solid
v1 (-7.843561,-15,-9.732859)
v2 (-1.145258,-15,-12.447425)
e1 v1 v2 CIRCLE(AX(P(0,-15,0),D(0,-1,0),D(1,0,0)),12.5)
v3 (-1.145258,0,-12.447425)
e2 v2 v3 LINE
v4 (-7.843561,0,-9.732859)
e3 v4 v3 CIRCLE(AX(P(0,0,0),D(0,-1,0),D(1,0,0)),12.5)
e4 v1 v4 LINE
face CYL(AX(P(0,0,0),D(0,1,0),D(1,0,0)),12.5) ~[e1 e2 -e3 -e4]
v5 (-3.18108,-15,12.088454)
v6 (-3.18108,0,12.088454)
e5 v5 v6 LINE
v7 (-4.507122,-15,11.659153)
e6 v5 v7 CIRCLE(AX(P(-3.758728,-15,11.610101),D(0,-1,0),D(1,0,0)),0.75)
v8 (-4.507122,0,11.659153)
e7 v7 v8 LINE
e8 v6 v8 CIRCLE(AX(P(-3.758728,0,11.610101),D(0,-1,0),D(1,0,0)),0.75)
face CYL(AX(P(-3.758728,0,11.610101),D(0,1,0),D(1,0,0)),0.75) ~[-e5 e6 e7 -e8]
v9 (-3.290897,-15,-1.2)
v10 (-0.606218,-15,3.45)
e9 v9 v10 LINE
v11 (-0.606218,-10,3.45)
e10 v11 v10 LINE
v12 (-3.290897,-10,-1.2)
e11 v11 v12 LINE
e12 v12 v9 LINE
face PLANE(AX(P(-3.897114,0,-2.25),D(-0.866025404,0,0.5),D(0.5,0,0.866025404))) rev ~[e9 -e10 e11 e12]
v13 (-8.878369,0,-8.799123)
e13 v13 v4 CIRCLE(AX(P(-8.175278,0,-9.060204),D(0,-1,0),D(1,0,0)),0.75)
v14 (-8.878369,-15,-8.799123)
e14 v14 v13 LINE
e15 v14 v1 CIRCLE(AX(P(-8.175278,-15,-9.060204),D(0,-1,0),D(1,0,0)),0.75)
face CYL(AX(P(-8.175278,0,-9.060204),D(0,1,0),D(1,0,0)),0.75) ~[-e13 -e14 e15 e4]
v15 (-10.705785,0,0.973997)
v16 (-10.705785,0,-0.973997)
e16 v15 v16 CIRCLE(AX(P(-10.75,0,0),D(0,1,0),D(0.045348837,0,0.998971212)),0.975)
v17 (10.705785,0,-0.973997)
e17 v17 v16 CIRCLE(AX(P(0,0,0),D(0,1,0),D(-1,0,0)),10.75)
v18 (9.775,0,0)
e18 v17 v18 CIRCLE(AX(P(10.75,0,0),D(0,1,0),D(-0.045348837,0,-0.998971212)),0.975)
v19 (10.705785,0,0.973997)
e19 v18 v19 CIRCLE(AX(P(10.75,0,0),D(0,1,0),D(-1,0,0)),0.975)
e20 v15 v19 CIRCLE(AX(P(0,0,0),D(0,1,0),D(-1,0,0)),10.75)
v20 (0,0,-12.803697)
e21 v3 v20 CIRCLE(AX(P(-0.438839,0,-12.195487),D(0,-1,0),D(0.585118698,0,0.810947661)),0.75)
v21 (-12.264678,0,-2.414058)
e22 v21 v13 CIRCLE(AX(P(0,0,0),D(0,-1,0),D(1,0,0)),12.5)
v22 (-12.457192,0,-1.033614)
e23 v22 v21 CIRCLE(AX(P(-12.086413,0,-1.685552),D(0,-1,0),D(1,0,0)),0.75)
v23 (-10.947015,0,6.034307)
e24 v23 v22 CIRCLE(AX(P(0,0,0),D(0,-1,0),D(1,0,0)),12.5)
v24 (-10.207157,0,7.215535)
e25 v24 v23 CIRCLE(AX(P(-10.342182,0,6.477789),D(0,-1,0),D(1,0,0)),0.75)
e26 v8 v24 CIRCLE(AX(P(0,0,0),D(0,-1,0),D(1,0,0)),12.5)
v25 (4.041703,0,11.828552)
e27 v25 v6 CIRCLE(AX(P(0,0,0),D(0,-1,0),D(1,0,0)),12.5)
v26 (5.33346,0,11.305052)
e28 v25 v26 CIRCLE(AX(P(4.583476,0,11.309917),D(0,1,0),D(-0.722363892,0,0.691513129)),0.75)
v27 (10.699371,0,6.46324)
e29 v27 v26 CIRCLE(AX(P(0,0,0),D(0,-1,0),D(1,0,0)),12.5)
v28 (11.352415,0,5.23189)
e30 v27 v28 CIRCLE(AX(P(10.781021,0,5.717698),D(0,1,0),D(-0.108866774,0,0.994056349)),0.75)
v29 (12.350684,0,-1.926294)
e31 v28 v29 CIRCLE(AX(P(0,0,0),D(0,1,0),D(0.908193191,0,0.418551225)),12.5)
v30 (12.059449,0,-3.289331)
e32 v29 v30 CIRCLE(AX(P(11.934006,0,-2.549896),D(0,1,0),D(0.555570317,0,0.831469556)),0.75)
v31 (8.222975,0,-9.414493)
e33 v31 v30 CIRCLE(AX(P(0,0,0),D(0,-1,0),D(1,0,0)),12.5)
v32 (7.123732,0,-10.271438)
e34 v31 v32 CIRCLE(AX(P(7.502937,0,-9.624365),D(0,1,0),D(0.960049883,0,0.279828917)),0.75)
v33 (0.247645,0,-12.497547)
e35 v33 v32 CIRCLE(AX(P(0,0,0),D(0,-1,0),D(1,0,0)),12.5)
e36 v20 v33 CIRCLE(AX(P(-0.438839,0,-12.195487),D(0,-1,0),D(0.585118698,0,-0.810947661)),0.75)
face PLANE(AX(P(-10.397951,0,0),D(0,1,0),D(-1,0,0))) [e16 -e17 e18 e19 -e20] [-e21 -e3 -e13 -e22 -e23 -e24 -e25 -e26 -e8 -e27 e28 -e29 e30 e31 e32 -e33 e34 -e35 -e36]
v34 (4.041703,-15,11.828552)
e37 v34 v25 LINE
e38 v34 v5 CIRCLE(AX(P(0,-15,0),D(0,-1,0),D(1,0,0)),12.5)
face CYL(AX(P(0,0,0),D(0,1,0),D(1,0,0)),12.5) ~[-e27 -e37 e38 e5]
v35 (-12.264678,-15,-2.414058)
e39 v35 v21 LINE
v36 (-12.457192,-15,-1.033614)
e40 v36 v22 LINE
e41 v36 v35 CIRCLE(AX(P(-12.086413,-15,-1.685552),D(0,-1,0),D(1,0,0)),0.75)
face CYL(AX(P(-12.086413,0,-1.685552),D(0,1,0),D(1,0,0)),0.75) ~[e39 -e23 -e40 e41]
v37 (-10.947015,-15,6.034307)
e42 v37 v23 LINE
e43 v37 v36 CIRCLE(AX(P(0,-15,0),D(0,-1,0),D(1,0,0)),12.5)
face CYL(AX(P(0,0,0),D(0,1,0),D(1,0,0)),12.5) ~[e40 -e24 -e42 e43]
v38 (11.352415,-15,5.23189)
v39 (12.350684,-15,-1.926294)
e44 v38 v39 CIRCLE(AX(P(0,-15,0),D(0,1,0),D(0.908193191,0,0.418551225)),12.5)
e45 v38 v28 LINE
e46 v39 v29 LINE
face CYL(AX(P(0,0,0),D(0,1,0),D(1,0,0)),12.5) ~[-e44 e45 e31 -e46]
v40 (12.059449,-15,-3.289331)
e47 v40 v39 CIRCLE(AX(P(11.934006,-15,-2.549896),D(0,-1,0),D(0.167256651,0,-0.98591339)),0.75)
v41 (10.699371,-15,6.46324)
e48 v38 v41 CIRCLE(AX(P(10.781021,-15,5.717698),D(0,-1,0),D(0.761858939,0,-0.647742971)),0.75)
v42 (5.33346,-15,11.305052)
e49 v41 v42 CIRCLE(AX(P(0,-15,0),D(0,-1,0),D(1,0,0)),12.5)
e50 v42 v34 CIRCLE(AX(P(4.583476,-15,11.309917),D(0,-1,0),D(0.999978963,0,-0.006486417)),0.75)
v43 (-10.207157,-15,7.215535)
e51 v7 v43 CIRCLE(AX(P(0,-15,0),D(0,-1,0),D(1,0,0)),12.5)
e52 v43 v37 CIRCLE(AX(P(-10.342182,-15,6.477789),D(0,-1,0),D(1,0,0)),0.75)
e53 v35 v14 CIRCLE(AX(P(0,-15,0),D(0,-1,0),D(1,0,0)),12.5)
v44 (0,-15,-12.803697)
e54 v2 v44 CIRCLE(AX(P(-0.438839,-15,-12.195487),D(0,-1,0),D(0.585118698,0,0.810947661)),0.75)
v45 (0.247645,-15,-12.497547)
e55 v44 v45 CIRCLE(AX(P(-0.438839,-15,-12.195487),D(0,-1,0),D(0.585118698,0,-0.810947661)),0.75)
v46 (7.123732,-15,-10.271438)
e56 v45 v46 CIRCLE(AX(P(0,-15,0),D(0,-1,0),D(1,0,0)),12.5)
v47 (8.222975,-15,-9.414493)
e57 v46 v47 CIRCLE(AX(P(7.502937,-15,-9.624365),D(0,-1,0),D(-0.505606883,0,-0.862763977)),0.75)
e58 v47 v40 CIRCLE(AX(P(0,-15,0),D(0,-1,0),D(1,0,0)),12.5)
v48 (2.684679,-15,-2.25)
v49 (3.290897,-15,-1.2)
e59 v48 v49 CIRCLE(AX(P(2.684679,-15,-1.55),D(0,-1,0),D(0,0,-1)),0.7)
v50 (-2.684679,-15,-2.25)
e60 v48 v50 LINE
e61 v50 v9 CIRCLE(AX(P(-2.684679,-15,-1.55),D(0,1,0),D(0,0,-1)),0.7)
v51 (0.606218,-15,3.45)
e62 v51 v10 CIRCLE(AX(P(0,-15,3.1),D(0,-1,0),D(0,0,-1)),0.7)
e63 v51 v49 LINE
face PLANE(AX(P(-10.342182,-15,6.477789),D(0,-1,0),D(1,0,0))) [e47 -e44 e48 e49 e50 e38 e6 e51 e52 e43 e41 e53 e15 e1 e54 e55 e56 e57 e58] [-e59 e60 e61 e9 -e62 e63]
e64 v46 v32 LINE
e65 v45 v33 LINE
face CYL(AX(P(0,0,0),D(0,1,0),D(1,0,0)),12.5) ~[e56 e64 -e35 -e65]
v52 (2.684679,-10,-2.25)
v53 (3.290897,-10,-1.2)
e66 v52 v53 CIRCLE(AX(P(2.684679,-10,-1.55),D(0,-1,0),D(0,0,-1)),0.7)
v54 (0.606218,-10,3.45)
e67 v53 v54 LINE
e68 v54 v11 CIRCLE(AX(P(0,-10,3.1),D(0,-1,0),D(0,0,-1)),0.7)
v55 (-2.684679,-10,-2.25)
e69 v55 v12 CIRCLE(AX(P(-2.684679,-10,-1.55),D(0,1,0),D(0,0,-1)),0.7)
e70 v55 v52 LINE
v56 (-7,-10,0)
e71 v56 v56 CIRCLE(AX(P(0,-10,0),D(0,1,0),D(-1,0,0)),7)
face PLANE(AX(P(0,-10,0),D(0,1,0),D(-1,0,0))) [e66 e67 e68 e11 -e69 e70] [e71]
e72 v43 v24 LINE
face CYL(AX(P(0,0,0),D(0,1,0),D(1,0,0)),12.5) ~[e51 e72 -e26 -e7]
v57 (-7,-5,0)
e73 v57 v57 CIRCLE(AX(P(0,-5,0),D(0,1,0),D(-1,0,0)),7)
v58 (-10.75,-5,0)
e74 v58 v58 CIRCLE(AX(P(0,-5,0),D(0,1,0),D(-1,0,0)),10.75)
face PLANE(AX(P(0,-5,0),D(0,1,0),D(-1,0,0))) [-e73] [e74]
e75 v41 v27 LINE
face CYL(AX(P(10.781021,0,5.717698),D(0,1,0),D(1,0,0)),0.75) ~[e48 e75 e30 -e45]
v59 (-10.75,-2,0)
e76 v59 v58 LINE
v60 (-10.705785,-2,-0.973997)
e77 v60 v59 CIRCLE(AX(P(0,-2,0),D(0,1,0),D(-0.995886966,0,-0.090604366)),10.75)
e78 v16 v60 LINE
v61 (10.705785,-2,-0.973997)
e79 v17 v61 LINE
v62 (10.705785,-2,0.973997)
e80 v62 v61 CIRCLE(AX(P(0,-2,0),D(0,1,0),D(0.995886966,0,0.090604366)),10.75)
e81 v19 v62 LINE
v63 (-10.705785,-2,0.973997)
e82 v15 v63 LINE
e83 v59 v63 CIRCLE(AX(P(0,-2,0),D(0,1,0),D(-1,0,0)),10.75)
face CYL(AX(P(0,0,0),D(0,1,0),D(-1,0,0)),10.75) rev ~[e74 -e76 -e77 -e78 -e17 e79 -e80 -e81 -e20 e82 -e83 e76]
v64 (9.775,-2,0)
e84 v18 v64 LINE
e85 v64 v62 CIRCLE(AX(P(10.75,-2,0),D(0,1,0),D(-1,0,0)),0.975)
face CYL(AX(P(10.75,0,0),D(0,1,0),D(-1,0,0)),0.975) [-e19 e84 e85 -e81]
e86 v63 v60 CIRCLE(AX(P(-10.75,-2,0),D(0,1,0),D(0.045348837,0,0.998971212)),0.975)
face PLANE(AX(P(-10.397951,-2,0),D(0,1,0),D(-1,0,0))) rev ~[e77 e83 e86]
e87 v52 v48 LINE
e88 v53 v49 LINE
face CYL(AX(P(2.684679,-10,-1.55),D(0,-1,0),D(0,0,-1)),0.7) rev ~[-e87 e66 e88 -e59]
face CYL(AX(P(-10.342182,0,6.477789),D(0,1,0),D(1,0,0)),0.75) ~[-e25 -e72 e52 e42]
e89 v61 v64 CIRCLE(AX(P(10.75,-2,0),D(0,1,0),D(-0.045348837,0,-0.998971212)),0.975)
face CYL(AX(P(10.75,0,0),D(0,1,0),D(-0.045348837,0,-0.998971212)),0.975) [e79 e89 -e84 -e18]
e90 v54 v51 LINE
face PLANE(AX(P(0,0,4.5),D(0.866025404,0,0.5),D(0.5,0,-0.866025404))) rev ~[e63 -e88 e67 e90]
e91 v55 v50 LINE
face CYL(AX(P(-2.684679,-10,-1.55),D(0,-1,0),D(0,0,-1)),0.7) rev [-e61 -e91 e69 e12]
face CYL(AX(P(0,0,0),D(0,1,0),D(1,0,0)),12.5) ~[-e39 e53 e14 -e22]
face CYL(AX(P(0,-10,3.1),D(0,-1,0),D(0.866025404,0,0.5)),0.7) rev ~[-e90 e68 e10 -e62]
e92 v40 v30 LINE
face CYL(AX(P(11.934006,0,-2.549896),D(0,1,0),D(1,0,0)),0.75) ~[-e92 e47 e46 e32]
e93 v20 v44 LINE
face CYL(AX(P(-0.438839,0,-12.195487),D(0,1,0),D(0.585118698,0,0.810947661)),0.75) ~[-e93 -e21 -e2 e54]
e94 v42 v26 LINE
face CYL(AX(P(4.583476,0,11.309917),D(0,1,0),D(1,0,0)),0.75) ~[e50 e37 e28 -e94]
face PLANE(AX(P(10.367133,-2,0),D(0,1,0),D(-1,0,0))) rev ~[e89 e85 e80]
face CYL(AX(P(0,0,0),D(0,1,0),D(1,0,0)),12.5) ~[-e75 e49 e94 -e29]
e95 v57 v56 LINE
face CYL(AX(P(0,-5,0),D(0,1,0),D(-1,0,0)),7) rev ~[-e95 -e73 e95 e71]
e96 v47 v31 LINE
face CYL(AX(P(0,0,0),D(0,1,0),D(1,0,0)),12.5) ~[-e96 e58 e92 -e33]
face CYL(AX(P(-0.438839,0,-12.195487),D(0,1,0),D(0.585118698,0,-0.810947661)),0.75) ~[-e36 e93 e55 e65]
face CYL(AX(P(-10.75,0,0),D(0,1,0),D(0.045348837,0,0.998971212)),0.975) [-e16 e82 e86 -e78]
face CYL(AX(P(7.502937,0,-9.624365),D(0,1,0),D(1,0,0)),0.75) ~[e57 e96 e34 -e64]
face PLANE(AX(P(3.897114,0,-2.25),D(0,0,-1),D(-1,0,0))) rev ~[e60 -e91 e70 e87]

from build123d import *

# Parameters (mm, degrees)
F0_R      = 12.5
F1_DEPTH  = 15
F2_R      = 10.75
F3_DEPTH  = 5
F4_R      = 7
F5_DEPTH  = 5
F6_R      = 0.7
F8_DEPTH  = 2
F9_R      = 0.75
F10_DEPTH = 15


with BuildPart() as f1:
    # F0 (on Front) → F1 (new body)
    with BuildSketch(Plane.XZ):
        Circle(F0_R)
        Polygon((-3.897114317, -2.25), (0, 4.5), (3.897114317, -2.25), align=None, mode=Mode.SUBTRACT)
    extrude(amount=F1_DEPTH)

    # F2 (on face) → F3 (cut)
    with BuildSketch(Plane(origin=(0, 0, 0), x_dir=(-1, 0, 0), z_dir=(0, 1, 0))):
        Circle(F2_R)
        Polygon((-3.897114317, -2.25), (0, 4.5), (3.897114317, -2.25), align=None, mode=Mode.SUBTRACT)
    extrude(amount=-F3_DEPTH, mode=Mode.SUBTRACT)

    # F4 (on face) → F5 (cut)
    with BuildSketch(Plane(origin=(0, -5, 0), x_dir=(-1, 0, 0), z_dir=(0, 1, 0))):
        Circle(F4_R)
    extrude(amount=-F5_DEPTH, mode=Mode.SUBTRACT)

    # F6
    f6_edges = [f1.edges().sort_by_distance(p)[0] for p in [
        (0, -12.5, 4.5),
        (-3.897114, -12.5, -2.25),
        (3.897114, -12.5, -2.25),
    ]]
    fillet(f6_edges, radius=F6_R)

    # F7 (on face) → F8 (join)
    with BuildSketch(Plane(origin=(0, 0, 0), x_dir=(-1, 0, 0), z_dir=(0, 1, 0))):
        with BuildLine():
            ThreePointArc((-10.7057848837, -0.973996932), (-10.0451118038, -0.6736153434), (-9.775, 0))
            ThreePointArc((-9.775, 0), (-10.0451118038, 0.6736153434), (-10.7057848837, 0.973996932))
            ThreePointArc((-10.7057848837, 0.973996932), (-10.75, 0), (-10.7057848837, -0.973996932))
        make_face()
        with BuildLine():
            ThreePointArc((10.75, 0), (10.738940532, 0.4875), (10.7057848837, 0.973996932))
            ThreePointArc((10.7057848837, 0.973996932), (9.775, 0), (10.7057848837, -0.973996932))
            ThreePointArc((10.7057848837, -0.973996932), (10.738940532, -0.4875), (10.75, 0))
        make_face()
    extrude(amount=-F8_DEPTH)

    # F9 (on Front) → F10 (join)
    with BuildSketch(Plane.XZ):
        with Locations((-10.3421816602, 6.477789022)):
            Circle(F9_R)
        with BuildLine():
            ThreePointArc((0.3111609767, -12.1954865593), (0.2288544945, -11.8538941615), (0, -11.5872758133))
            Line((0, -11.5872758133), (0, -12.8036973054))
            ThreePointArc((0, -12.8036973054), (0.2288544945, -12.5370789572), (0.3111609767, -12.1954865593))
        make_face()
        with BuildLine():
            Line((0, -12.8036973054), (0, -11.5872758133))
            ThreePointArc((0, -11.5872758133), (-1.1888390233, -12.1954865593), (0, -12.8036973054))
        make_face()
        with Locations((-12.0864133121, -1.6855519443)):
            Circle(F9_R)
        with Locations((-8.1752778497, -9.0602044231)):
            Circle(F9_R)
        with Locations((7.5029374592, -9.6243649967)):
            Circle(F9_R)
        with Locations((11.9340061187, -2.5498960893)):
            Circle(F9_R)
        with Locations((10.7810206836, 5.7176975373)):
            Circle(F9_R)
        with Locations((4.5834758529, 11.309916941)):
            Circle(F9_R)
        with Locations((-3.758728269, 11.6101005123)):
            Circle(F9_R)
    extrude(amount=F10_DEPTH)


solid = f1.part
